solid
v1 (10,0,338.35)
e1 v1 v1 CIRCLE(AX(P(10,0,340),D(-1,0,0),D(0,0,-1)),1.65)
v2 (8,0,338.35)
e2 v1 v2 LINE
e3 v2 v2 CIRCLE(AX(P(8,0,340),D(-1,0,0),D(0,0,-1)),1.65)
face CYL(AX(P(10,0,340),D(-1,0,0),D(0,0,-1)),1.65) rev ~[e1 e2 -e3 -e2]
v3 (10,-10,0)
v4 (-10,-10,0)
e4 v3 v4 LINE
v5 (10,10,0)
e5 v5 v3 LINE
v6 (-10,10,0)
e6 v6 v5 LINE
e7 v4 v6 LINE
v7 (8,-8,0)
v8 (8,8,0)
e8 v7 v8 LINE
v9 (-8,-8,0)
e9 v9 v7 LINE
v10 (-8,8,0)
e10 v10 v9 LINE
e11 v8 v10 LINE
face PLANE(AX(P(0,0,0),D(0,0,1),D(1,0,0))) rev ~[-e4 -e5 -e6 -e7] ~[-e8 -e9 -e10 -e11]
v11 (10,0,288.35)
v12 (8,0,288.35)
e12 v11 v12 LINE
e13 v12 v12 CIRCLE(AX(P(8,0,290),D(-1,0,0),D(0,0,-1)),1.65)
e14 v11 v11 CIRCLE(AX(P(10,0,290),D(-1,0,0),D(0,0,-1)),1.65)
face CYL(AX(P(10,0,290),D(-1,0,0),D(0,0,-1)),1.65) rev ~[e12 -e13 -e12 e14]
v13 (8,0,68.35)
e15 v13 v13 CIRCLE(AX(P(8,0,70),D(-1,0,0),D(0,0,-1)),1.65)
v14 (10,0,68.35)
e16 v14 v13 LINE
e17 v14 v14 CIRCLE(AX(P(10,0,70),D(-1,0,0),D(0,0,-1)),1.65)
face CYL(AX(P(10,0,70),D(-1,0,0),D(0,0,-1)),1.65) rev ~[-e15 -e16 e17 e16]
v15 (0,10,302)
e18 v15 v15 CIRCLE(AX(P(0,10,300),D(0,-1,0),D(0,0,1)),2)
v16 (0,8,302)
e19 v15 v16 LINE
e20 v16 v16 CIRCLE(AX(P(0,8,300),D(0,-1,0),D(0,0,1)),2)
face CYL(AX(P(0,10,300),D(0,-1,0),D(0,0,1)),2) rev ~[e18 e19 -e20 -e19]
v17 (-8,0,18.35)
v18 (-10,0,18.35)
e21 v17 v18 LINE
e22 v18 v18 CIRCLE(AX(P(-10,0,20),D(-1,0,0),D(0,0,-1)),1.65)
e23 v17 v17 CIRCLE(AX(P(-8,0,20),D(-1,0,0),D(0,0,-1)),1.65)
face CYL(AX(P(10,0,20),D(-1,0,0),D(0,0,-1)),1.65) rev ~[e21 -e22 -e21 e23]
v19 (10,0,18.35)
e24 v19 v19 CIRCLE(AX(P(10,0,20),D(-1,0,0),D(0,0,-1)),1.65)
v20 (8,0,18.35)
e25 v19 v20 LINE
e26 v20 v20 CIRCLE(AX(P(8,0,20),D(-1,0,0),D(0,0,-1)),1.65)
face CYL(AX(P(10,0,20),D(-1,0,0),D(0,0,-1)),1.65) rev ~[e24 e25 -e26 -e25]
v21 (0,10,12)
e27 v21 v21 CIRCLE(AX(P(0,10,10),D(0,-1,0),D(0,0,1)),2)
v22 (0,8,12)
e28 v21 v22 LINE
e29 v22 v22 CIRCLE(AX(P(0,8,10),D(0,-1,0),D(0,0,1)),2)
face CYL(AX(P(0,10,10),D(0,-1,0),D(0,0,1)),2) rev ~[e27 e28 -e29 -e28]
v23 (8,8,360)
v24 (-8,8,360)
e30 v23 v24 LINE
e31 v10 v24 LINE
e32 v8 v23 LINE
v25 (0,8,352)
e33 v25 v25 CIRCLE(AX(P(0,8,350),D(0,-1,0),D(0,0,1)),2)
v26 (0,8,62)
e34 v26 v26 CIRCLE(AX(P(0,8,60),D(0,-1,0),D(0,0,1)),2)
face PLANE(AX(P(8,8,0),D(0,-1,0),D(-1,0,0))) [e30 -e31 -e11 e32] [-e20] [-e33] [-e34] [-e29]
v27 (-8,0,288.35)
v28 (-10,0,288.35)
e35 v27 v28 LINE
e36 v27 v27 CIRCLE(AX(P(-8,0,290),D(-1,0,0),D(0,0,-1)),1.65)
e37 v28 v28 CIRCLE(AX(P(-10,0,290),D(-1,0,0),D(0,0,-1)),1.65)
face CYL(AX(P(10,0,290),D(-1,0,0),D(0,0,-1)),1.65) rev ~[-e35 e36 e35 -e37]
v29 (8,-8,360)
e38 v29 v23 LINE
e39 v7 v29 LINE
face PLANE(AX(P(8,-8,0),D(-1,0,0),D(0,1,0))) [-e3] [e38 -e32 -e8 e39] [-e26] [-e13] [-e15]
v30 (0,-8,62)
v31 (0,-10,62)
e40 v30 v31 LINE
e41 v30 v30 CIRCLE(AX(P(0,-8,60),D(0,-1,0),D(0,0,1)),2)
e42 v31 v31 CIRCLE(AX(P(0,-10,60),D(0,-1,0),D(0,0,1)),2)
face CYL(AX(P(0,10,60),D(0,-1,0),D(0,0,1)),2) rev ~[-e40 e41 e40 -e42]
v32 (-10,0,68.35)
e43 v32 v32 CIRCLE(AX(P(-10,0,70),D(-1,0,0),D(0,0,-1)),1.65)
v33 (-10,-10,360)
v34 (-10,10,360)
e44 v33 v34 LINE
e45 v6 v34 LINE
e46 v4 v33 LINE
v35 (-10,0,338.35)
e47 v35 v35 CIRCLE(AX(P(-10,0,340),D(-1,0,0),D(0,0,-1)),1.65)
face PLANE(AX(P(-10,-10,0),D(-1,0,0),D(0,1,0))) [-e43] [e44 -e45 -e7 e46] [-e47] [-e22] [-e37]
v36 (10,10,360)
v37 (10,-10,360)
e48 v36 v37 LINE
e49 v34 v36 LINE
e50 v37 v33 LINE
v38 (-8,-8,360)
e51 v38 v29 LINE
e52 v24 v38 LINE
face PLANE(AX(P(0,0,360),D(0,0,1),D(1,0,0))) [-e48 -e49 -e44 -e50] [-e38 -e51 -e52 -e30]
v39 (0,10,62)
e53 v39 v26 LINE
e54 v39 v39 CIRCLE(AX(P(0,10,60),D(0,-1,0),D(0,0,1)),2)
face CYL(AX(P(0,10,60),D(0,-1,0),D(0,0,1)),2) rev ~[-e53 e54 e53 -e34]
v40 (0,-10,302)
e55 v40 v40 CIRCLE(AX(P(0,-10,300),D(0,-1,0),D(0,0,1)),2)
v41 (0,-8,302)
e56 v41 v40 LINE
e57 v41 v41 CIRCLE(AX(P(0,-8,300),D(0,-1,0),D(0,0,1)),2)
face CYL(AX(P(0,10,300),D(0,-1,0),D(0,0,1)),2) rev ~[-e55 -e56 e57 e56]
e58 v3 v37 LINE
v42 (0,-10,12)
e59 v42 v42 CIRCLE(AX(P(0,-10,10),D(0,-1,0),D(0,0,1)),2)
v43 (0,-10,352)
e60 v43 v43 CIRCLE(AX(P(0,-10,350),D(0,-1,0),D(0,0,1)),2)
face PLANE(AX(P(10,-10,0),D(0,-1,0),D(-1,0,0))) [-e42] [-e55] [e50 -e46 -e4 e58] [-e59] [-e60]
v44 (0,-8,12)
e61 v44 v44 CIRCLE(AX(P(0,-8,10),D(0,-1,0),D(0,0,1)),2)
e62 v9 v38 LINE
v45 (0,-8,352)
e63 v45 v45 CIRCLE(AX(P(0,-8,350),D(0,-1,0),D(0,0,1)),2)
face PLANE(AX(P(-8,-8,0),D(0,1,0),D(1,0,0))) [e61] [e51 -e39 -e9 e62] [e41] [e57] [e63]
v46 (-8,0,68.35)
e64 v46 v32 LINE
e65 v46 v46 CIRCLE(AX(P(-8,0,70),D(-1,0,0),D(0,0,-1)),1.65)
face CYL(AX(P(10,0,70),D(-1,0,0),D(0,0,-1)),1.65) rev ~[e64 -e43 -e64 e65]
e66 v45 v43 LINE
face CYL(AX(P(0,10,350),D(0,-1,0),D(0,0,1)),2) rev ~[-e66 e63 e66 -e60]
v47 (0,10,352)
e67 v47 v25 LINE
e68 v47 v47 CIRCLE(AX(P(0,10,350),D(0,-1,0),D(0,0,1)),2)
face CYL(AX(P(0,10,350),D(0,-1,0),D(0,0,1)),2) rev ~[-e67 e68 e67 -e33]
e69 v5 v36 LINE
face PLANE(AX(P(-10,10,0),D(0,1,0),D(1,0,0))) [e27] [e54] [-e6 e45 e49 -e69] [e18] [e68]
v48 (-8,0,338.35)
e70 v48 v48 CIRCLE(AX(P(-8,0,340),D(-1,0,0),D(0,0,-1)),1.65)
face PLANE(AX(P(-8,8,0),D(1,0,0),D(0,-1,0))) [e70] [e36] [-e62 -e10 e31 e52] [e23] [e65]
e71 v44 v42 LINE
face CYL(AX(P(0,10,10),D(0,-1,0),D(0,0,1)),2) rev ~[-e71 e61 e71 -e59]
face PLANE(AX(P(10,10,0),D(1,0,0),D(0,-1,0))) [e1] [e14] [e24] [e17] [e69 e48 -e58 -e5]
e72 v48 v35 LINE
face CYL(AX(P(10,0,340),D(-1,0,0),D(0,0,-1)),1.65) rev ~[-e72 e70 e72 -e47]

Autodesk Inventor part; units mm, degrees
ref_plane "YZ Plane" through (0, 0, 0) normal (1, 0, 0) x (0, 1, 0)
ref_plane "XZ Plane" through (0, 0, 0) normal (0, 1, 0) x (-1, 0, 0)
ref_plane "XY Plane" through (0, 0, 0) normal (0, 0, 1) x (1, 0, 0)
sketch "スケッチ1" plane through (0, 0, 0) normal (0, 0, 1) x (1, 0, 0)
  line L0 (10, -10) -> (-10, -10)
  line L1 (-10, -10) -> (-10, 10)
  line L2 (-10, 10) -> (10, 10)
  line L3 (10, 10) -> (10, -10)
  line L4 (10, -10) -> (-10, 10) construction
  line L5 (-10, -10) -> (10, 10) construction
  line L6 (8, 8) -> (-8, 8)
  line L7 (-8, 8) -> (-8, -8)
  line L8 (-8, -8) -> (8, -8)
  line L9 (8, -8) -> (8, 8)
  point P0 (0, 0)
  dimension "d0" = 20
  dimension "d1" = 20
  dimension "d2" = 2
extrude "押し出し1" add sketch "スケッチ1" along normal blind 360
sketch "スケッチ2" plane through (-10, 10, 0) normal (0, 1, 0) x (1, 0, 0)
  line L0 (10, 0) -> (10, -360)
  line L1 (2, -360) -> (18, -360) projected
  line L2 (20, 0) -> (0, 0) projected
  point P0 (10, -350)
  point P1 (10, -300)
  point P2 (10, -60)
  point P3 (10, -10)
  dimension "d5" = 10
  dimension "d6" = 50
  dimension "d7" = 50
  dimension "d9" = 10
hole "穴1" at (0, 10, 350) at (0, 10, 300) at (0, 10, 60) at (0, 10, 10) direction (0, -1, 0) diameter 4 end through all
sketch "スケッチ3" plane through (10, -10, 0) normal (1, 0, 0) x (0, 0, -1)
  line L0 (0, 10) -> (-360, 10)
  line L1 (-360, 20) -> (-360, 0) projected
  line L2 (0, 0) -> (0, 20) projected
  point P0 (-340, 10)
  point P1 (-290, 10)
  point P2 (-20, 10)
  point P3 (-70, 10)
  dimension "d17" = 20
  dimension "d18" = 50
  dimension "d19" = 20
  dimension "d20" = 50
hole "穴2" at (10, 0, 340) at (10, 0, 290) at (10, 0, 20) at (10, 0, 70) direction (-1, 0, 0) diameter 3.3 end through all
equation "\"d7\" = d6"
equation "\"d9\" = d5"
equation "\"d19\" = d17"
equation "\"d20\" = d18"
properties part number "small_kaku_2020_tka"
